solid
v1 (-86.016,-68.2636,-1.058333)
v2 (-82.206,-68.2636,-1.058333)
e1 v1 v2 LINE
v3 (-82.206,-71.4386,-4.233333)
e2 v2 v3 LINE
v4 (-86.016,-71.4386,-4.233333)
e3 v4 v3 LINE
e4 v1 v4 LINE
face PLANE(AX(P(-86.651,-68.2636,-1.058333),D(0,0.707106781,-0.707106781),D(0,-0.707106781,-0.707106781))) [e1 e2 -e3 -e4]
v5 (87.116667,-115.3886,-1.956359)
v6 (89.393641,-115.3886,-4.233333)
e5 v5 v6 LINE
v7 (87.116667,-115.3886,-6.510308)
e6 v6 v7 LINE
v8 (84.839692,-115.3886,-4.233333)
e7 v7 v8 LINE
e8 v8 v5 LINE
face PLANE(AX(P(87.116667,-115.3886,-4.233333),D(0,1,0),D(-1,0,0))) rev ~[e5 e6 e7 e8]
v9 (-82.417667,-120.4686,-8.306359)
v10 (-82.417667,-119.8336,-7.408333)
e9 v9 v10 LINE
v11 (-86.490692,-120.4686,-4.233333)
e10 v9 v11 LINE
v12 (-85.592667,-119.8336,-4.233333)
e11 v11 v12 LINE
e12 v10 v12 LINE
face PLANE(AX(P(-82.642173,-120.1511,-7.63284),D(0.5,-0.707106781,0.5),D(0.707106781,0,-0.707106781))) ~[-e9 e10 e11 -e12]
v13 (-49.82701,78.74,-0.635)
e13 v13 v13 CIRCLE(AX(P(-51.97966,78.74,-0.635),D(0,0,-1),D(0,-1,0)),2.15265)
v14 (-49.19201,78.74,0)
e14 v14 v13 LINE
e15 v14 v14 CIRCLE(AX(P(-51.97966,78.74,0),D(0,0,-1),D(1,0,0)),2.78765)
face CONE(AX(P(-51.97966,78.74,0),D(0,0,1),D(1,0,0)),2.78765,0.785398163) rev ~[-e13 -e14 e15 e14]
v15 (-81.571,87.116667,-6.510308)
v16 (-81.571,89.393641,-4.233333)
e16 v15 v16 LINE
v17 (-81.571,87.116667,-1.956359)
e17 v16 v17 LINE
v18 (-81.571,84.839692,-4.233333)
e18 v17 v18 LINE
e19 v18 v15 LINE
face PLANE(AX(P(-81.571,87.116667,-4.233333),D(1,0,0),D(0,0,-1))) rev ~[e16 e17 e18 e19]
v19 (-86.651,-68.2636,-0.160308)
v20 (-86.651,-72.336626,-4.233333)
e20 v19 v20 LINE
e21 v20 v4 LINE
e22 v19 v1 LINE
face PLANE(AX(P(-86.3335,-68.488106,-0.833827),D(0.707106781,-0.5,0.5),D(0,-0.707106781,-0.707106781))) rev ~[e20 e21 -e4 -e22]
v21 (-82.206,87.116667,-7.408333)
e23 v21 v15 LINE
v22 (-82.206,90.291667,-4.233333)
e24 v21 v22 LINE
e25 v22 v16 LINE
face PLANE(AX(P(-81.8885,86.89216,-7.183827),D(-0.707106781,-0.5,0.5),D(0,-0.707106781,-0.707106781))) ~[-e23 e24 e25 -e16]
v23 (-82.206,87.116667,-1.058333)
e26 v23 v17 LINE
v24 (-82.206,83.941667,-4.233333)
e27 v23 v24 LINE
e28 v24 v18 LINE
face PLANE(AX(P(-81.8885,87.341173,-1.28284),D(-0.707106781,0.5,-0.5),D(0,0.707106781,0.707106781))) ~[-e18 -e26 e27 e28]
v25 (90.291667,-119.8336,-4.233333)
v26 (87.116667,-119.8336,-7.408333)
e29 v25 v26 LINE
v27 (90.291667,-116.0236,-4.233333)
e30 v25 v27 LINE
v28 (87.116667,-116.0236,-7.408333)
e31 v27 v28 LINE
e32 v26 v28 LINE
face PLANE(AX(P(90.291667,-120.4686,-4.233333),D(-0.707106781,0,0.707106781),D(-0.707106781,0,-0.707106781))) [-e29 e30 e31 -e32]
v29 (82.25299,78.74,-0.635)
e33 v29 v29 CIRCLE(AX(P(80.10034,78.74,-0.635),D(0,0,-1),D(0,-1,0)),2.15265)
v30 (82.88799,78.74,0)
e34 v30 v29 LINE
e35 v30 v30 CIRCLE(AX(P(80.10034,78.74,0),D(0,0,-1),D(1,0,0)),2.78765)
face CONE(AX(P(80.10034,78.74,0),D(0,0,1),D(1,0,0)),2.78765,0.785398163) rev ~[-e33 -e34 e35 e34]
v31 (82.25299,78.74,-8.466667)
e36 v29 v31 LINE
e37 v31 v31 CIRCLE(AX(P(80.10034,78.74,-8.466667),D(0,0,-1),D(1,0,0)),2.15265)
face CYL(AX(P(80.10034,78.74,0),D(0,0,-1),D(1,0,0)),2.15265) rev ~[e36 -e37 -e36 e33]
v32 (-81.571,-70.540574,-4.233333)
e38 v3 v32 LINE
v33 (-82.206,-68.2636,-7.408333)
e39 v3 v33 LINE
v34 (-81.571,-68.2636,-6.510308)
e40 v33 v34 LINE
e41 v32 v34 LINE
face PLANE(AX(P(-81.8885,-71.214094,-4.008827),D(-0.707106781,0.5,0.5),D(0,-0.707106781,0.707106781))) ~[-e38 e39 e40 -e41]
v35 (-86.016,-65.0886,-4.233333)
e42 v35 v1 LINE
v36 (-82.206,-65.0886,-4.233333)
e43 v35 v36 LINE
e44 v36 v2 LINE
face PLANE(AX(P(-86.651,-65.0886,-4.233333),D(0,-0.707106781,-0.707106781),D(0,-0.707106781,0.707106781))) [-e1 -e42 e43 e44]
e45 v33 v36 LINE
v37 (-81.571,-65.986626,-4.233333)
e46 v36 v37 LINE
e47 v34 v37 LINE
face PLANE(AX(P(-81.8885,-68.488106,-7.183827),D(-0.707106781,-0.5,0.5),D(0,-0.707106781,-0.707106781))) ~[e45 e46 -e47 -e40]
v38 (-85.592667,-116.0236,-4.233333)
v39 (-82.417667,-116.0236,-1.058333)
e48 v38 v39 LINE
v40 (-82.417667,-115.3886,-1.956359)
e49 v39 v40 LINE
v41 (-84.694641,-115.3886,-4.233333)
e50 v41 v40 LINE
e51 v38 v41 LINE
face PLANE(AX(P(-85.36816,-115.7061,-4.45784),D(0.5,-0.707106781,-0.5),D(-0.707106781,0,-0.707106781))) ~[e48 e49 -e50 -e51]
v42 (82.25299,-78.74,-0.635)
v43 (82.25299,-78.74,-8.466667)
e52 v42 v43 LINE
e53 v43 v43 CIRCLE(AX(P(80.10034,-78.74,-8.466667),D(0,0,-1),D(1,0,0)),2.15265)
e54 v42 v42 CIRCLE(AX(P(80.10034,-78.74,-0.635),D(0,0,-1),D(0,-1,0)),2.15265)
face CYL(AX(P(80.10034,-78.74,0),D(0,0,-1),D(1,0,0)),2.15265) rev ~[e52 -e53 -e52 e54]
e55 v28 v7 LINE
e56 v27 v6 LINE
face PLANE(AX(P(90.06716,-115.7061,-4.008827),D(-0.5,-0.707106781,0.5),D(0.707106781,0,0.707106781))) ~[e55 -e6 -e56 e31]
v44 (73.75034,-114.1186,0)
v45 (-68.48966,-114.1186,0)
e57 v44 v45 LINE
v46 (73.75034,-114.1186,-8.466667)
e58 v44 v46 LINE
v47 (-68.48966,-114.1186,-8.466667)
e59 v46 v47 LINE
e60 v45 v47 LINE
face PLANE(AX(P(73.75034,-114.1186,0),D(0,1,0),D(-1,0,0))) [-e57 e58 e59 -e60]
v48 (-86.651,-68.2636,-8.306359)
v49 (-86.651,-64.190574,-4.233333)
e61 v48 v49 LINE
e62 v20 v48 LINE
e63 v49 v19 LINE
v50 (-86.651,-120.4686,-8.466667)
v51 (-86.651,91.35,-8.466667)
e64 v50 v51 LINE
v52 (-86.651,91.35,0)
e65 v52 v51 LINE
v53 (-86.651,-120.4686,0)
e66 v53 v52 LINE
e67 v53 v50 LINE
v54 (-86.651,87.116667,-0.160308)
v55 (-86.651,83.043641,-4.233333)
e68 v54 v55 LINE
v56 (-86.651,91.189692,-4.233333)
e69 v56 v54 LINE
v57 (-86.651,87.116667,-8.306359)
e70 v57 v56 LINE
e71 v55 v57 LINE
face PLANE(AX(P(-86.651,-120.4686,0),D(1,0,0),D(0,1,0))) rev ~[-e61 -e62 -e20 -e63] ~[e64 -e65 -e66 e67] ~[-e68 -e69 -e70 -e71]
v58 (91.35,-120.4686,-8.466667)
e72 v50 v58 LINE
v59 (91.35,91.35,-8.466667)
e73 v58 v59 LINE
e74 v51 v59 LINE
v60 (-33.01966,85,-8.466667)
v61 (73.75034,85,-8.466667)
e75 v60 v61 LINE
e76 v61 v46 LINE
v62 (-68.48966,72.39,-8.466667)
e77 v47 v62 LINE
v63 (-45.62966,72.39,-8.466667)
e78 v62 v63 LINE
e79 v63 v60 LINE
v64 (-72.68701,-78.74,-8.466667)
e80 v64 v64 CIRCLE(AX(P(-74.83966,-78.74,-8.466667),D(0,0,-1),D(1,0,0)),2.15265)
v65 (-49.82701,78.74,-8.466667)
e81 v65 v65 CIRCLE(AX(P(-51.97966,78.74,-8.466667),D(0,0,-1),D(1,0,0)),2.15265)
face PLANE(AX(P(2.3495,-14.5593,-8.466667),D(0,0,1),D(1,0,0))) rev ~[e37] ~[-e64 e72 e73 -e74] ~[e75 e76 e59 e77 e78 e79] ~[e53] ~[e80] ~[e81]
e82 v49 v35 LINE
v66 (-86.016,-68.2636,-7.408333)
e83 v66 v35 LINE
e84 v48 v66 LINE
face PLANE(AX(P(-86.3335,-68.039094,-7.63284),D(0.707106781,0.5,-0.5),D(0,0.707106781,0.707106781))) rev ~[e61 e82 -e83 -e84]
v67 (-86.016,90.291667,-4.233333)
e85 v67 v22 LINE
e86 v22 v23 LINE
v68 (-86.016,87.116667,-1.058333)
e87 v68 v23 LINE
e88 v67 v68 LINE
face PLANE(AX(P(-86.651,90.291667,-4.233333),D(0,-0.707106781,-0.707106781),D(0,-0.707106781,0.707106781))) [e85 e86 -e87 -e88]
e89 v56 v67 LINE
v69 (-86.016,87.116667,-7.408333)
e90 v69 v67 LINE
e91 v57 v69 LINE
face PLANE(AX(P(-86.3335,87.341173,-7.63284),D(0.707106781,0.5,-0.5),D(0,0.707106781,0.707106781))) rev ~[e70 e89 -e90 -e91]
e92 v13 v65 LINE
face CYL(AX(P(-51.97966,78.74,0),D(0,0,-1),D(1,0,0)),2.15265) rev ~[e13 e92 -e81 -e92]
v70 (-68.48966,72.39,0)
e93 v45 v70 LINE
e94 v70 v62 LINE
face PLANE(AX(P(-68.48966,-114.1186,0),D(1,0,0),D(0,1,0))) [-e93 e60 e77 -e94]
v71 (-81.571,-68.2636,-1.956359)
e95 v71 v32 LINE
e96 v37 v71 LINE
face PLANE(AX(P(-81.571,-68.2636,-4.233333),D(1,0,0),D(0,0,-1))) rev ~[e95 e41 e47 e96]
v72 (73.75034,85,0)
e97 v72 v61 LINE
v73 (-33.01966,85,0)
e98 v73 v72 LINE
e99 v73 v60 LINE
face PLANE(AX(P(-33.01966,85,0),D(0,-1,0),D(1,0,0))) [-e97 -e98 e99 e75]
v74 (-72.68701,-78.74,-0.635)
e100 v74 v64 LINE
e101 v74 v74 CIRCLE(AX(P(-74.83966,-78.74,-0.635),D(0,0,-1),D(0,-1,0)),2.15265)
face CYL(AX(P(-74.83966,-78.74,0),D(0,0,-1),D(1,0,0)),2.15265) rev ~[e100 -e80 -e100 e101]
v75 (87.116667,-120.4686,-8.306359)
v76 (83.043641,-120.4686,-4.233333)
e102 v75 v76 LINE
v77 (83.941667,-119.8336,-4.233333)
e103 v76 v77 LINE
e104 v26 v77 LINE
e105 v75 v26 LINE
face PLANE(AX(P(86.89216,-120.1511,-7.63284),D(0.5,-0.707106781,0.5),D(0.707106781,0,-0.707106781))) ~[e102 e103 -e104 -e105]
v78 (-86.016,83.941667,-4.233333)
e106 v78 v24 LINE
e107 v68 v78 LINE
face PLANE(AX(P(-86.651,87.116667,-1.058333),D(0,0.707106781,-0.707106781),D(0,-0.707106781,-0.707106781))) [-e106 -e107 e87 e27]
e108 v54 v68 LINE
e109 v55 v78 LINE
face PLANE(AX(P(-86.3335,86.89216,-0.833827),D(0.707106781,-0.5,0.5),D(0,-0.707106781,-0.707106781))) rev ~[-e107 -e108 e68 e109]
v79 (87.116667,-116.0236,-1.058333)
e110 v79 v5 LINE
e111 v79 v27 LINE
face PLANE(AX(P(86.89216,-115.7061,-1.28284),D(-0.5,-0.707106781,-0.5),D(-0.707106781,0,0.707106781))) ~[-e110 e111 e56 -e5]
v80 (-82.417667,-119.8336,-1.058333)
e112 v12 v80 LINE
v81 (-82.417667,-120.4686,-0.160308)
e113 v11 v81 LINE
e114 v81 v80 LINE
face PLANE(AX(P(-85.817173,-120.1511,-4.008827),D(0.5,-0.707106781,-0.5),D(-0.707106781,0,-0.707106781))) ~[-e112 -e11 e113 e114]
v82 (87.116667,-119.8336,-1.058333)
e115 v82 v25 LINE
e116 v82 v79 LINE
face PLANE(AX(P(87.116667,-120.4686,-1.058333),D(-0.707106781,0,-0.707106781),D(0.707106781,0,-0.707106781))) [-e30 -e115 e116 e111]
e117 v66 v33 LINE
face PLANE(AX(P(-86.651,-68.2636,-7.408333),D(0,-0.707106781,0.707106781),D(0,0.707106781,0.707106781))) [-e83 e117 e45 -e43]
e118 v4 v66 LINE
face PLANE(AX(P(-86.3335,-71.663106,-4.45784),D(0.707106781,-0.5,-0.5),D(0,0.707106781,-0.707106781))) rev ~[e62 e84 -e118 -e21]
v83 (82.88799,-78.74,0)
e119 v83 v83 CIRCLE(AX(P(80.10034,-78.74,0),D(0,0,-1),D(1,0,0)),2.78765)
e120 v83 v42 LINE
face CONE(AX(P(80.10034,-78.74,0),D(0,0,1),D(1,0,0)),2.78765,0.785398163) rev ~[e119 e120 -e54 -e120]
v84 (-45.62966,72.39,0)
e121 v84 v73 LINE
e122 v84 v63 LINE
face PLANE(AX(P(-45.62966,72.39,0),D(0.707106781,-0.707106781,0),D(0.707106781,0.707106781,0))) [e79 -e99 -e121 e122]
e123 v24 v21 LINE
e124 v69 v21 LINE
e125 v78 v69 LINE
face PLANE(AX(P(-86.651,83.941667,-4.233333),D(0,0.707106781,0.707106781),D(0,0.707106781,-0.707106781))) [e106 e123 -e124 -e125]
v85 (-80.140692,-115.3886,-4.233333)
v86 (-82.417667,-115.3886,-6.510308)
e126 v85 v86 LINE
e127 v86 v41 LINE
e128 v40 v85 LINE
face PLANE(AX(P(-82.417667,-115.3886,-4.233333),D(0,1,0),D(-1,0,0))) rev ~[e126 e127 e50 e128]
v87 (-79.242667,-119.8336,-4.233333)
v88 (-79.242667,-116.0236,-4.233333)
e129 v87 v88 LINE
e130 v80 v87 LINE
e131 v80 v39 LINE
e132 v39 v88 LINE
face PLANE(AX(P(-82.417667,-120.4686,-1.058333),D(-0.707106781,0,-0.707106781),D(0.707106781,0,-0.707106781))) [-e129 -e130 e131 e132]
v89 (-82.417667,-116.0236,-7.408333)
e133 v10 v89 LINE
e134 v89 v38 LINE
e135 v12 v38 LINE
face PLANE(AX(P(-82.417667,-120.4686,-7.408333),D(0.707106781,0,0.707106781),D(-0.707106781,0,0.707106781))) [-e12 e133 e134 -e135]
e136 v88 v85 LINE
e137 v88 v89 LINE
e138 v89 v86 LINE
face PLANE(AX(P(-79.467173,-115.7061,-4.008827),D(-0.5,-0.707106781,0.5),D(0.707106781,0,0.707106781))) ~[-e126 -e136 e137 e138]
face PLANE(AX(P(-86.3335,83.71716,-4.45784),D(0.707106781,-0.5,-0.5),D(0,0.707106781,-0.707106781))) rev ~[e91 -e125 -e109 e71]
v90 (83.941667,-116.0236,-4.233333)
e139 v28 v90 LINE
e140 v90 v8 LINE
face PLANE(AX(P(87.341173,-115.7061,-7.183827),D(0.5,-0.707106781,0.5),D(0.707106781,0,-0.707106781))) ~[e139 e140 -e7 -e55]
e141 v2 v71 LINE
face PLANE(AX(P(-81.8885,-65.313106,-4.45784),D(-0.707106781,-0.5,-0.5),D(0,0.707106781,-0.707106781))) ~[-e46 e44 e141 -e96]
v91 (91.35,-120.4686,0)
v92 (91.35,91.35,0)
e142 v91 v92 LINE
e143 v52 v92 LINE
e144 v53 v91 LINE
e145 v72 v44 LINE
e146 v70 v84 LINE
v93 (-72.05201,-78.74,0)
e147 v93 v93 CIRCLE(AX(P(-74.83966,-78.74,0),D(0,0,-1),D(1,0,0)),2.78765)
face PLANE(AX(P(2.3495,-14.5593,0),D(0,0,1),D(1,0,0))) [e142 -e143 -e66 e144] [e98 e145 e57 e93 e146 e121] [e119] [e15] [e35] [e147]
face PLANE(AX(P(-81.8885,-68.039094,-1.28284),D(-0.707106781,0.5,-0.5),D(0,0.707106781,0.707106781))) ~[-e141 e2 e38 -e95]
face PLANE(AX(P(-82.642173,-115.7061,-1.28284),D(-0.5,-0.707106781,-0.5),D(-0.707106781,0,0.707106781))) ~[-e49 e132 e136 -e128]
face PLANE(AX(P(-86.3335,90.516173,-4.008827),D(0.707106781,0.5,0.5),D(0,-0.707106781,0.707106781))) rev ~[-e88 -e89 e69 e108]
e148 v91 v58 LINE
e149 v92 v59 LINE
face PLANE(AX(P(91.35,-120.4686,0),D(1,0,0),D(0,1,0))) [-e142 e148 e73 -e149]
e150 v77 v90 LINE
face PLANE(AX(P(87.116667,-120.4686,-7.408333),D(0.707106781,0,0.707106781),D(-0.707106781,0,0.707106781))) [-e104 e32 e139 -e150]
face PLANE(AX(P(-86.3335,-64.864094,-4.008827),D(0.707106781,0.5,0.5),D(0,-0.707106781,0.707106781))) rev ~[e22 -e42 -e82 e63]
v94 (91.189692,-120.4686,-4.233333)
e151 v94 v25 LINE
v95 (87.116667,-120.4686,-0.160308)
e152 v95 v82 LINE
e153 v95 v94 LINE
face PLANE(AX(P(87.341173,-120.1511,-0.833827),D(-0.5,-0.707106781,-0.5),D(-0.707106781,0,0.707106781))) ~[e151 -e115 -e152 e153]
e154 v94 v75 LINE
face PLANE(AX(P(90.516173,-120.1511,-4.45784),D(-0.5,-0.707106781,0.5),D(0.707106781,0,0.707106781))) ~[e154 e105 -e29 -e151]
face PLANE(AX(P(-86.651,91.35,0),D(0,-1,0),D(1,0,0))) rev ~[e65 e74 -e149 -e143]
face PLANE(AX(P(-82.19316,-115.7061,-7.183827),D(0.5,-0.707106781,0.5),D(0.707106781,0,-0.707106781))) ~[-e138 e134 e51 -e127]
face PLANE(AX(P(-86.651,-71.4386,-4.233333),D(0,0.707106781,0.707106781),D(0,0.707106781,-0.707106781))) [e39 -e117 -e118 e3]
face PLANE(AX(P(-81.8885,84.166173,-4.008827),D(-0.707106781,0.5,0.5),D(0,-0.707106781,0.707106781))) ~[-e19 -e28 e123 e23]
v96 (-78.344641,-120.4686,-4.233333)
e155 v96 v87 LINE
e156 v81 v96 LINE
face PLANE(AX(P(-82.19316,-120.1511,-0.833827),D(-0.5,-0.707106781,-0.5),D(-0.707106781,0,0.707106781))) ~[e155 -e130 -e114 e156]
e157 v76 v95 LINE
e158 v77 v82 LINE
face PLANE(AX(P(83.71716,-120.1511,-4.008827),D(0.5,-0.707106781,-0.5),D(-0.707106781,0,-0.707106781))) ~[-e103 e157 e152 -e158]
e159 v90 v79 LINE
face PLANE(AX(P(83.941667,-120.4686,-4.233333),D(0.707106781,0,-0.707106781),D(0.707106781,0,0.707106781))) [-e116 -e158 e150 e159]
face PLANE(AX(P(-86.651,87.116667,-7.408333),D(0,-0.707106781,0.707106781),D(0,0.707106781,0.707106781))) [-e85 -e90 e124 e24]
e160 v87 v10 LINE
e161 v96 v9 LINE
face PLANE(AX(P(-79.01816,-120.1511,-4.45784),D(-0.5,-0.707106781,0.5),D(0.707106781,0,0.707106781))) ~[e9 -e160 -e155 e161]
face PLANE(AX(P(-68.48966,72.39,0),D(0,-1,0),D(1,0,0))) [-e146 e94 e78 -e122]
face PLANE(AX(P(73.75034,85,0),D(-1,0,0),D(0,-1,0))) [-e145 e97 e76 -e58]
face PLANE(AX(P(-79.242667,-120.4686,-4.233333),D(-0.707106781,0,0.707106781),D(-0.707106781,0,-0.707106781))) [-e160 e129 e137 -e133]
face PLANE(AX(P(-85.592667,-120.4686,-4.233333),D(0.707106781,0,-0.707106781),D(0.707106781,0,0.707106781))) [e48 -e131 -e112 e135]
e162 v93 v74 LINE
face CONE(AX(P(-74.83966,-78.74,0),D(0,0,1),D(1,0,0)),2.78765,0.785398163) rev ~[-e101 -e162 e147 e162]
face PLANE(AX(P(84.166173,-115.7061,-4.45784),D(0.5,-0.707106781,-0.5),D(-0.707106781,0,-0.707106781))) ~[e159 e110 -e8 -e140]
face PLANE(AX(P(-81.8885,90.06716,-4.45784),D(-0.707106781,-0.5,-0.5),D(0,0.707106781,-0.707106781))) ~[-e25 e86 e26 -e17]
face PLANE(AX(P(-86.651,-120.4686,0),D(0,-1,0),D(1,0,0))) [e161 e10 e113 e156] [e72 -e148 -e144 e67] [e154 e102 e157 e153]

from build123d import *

# Parameters (mm, degrees)
SKETCH3_W                              = 178.001
SKETCH3_H                              = 211.818599984
BOSS_EXTRUDE1_DEPTH                    = 8.466666582
F_18_0_1695_DIAMETER_HOLE1_D           = 4.3053
F_18_0_1695_DIAMETER_HOLE1_CSINK_D     = 5.5753
F_18_0_1695_DIAMETER_HOLE1_CSINK_ANGLE = 90
CUT_EXTRUDE1_DEPTH                     = 5.08
CUT_EXTRUDE2_DEPTH                     = 5.08
CHAMFER1_SIZE                          = 0.635


with BuildPart() as part:
    # Sketch3 → Boss-Extrude1 (new body)
    with BuildSketch(Plane.XY):
        with Locations((2.3495, -14.559299992)):
            Rectangle(SKETCH3_W, SKETCH3_H)
        Polygon((-33.01966, 85), (73.75034, 85), (73.75034, -114.118599984), (-68.48966, -114.118599984), (-68.48966, 72.39), (-45.62966, 72.39), align=None, mode=Mode.SUBTRACT)
    extrude(amount=-BOSS_EXTRUDE1_DEPTH)

    # #18 (0.1695) Diameter Hole1 (through all)
    with Locations(Plane(origin=(0, 0, 0), x_dir=(-1, 0, 0), z_dir=(0, 0, 1))):
        with Locations((51.97966, -78.74), (74.83966, 78.74), (-80.10034, 78.74), (-80.10034, -78.74)):
            CounterSinkHole(F_18_0_1695_DIAMETER_HOLE1_D / 2, F_18_0_1695_DIAMETER_HOLE1_CSINK_D / 2, counter_sink_angle=F_18_0_1695_DIAMETER_HOLE1_CSINK_ANGLE)

    # Sketch9 → Cut-Extrude1 (cut)
    with BuildSketch(Plane.ZY.offset(86.651)):
        Polygon((-4.233333333, -65.0886), (-1.058333333, -68.2636), (-4.233333333, -71.4386), (-7.408333333, -68.2636), align=None)
        Polygon((-4.233333333, 90.291666667), (-1.058333333, 87.116666667), (-4.233333333, 83.941666667), (-7.408333333, 87.116666667), align=None)
    extrude(amount=-CUT_EXTRUDE1_DEPTH, mode=Mode.SUBTRACT)

    # Sketch10 → Cut-Extrude2 (cut)
    with BuildSketch(Plane.XZ.offset(120.468599984)):
        Polygon((-85.592666667, -4.233333333), (-82.417666667, -1.058333333), (-79.242666667, -4.233333333), (-82.417666667, -7.408333333), align=None)
        Polygon((83.941666667, -4.233333333), (87.116666667, -1.058333333), (90.291666667, -4.233333333), (87.116666667, -7.408333333), align=None)
    extrude(amount=-CUT_EXTRUDE2_DEPTH, mode=Mode.SUBTRACT)

    # Chamfer1
    chamfer1_edges = [part.edges().sort_by_distance(p)[0] for p in [
        (88.704166667, -115.388599984, -2.645833333),
        (88.704166667, -115.388599984, -5.820833333),
        (85.529166667, -120.468599984, -5.820833333),
        (88.704166667, -120.468599984, -5.820833333),
        (88.704166667, -120.468599984, -2.645833333),
        (85.529166667, -120.468599984, -2.645833333),
        (-81.571, -66.6761, -5.820833333),
        (-81.571, -66.6761, -2.645833333),
        (-81.571, -69.8511, -2.645833333),
        (-81.571, -69.8511, -5.820833333),
        (-86.651, -66.6761, -5.820833333),
        (-86.651, -69.8511, -5.820833333),
        (-86.651, -69.8511, -2.645833333),
        (-86.651, -66.6761, -2.645833333),
        (-81.571, 88.704166667, -5.820833333),
        (-81.571, 88.704166667, -2.645833333),
        (-81.571, 85.529166667, -2.645833333),
        (-81.571, 85.529166667, -5.820833333),
        (-86.651, 88.704166667, -5.820833333),
        (-86.651, 85.529166667, -5.820833333),
        (-86.651, 85.529166667, -2.645833333),
        (-86.651, 88.704166667, -2.645833333),
        (-84.005166667, -115.388599984, -5.820833333),
        (-84.005166667, -115.388599984, -2.645833333),
        (-80.830166667, -115.388599984, -2.645833333),
        (-80.830166667, -115.388599984, -5.820833333),
        (-84.005166667, -120.468599984, -5.820833333),
        (-80.830166667, -120.468599984, -5.820833333),
        (-80.830166667, -120.468599984, -2.645833333),
        (-84.005166667, -120.468599984, -2.645833333),
        (85.529166667, -115.388599984, -5.820833333),
        (85.529166667, -115.388599984, -2.645833333),
    ]]
    chamfer(chamfer1_edges, length=CHAMFER1_SIZE)


solid = part.part
